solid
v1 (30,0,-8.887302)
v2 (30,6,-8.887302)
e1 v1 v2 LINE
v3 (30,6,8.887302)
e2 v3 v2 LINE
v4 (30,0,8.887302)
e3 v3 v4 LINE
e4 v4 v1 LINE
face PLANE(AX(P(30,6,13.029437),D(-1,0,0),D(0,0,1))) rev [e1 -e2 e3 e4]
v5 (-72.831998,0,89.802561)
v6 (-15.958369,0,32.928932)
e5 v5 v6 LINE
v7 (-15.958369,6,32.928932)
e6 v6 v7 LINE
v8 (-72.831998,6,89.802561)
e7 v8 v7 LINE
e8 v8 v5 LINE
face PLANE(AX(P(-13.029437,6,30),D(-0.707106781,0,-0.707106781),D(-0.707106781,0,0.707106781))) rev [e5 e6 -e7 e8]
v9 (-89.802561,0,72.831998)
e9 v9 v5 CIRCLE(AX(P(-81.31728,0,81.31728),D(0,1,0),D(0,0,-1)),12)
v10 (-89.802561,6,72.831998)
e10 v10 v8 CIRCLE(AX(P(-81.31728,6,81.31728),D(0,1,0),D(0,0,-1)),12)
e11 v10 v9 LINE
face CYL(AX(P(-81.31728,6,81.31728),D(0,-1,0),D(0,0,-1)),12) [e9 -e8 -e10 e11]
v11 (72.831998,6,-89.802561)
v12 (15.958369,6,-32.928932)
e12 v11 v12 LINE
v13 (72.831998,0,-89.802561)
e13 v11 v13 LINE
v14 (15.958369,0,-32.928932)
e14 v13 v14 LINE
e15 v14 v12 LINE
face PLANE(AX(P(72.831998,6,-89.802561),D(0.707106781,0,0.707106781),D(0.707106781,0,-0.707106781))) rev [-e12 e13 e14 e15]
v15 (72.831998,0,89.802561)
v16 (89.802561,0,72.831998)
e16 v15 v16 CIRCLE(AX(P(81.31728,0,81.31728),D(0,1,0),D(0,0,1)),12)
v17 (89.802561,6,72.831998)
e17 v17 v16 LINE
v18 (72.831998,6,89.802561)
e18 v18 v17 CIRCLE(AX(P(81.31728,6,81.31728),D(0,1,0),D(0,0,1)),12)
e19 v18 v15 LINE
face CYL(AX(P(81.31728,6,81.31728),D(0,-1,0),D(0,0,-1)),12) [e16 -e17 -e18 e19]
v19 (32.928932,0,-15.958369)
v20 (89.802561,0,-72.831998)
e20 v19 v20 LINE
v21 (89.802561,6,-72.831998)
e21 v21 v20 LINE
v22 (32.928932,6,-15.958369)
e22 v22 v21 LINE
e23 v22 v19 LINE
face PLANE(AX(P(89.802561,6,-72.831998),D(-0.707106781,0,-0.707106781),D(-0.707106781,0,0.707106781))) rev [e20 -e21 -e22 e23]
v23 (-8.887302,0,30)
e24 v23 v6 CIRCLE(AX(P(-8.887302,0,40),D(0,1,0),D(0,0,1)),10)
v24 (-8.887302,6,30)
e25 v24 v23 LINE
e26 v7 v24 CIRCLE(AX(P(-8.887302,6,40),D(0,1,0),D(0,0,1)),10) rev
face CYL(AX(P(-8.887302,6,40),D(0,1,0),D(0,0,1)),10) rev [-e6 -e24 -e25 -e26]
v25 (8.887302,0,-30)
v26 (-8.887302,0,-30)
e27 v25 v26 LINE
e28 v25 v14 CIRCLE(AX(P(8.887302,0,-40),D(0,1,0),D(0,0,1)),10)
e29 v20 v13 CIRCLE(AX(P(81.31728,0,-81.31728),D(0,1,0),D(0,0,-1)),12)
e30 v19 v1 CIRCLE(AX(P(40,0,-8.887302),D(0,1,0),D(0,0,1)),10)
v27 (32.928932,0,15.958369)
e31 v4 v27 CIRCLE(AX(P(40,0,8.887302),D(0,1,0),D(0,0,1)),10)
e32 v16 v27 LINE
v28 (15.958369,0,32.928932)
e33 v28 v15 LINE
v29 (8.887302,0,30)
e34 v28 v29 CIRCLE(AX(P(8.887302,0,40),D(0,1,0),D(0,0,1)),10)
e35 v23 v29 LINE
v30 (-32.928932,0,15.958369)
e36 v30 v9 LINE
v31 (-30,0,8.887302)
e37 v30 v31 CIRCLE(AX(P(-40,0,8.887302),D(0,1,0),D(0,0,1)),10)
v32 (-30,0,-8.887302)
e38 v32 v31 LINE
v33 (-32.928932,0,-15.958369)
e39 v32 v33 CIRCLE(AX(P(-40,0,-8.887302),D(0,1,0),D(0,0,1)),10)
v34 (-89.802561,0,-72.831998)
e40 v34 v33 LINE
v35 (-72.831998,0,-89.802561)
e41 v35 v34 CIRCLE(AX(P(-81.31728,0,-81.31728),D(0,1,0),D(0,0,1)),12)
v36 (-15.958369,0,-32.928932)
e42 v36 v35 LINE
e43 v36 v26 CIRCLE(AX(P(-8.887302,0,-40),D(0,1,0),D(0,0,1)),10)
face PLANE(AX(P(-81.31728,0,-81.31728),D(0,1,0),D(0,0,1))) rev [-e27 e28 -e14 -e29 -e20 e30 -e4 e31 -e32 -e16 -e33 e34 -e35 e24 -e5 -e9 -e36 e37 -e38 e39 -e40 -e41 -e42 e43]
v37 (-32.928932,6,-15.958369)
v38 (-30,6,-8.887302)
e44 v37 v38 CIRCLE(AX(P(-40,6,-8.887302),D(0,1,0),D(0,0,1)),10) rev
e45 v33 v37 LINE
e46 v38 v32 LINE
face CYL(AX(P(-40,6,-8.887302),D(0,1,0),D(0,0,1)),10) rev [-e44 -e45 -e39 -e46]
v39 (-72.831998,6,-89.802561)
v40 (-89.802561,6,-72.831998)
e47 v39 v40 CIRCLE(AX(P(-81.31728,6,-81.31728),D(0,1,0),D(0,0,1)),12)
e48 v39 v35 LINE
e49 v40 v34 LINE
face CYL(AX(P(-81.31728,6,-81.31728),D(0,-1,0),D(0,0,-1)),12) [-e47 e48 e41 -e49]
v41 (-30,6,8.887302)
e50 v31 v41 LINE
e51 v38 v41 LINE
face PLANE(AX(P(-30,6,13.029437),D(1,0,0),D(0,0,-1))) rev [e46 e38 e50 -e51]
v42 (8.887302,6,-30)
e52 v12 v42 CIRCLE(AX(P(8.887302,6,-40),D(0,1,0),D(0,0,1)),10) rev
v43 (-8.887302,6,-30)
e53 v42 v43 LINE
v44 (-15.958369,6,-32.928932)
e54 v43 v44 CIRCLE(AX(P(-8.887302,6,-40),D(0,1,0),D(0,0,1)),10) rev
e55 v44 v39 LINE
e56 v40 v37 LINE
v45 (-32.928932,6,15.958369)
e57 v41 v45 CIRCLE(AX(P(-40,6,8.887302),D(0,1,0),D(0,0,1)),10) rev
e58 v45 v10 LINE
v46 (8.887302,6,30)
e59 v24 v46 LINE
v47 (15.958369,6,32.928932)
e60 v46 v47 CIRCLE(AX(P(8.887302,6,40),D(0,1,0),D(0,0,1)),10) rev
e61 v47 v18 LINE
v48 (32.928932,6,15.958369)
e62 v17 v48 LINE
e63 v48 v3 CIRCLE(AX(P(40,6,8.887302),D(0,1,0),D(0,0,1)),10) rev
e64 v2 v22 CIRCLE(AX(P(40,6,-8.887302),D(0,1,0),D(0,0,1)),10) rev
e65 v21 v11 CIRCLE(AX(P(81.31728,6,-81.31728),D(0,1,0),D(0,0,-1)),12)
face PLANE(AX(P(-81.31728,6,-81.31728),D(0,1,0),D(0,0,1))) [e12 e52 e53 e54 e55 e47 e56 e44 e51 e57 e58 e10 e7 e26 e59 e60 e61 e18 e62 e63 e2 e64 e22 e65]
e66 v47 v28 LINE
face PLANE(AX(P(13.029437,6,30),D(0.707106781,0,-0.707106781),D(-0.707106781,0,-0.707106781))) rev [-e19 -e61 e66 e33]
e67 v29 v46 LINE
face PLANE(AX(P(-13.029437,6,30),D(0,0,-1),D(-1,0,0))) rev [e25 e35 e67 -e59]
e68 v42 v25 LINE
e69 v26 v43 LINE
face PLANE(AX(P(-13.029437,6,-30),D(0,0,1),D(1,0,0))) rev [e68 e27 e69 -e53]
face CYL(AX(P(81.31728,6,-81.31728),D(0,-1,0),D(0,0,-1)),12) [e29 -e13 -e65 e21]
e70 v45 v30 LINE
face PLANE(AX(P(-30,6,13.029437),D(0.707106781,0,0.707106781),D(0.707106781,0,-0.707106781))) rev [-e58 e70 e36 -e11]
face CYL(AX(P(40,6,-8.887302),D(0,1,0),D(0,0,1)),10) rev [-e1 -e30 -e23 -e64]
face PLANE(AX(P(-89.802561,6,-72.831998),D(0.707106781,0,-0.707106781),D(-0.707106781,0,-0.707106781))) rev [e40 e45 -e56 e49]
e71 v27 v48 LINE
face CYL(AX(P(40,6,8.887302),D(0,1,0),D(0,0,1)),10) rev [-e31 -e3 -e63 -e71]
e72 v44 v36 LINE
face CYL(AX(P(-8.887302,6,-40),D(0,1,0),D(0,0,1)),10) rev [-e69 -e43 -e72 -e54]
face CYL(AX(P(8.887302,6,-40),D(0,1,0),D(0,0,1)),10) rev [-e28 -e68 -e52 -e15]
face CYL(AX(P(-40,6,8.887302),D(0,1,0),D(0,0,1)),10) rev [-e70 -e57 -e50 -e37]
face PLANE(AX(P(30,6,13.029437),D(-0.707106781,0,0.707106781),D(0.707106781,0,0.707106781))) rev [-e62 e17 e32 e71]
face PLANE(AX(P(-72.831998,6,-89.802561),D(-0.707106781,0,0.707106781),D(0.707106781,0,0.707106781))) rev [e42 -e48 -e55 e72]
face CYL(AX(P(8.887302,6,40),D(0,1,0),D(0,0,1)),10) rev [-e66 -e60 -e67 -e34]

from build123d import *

# Parameters (mm, degrees)
BOSS_EXTRUDE1_DEPTH = 6
FILLET1_R           = 10


with BuildPart() as part:
    # Sketch1 → Boss-Extrude1 (new body)
    with BuildSketch(Plane(origin=(0, 0, 0), x_dir=(1, 0, 0), z_dir=(0, 1, 0))):
        with BuildLine():
            Line((-72.831998462, 89.802561211), (-13.029437252, 30))
            Line((-13.029437252, 30), (13.029437252, 30))
            Line((13.029437252, 30), (72.831998462, 89.802561211))
            ThreePointArc((72.831998462, 89.802561211), (89.802561211, 89.802561211), (89.802561211, 72.831998462))
            Line((89.802561211, 72.831998462), (30, 13.029437252))
            Line((30, 13.029437252), (30, -13.029437252))
            Line((30, -13.029437252), (89.802561211, -72.831998462))
            ThreePointArc((89.802561211, -72.831998462), (89.802561211, -89.802561211), (72.831998462, -89.802561211))
            Line((72.831998462, -89.802561211), (13.029437252, -30))
            Line((13.029437252, -30), (-13.029437252, -30))
            Line((-13.029437252, -30), (-72.831998462, -89.802561211))
            ThreePointArc((-72.831998462, -89.802561211), (-89.802561211, -89.802561211), (-89.802561211, -72.831998462))
            Line((-89.802561211, -72.831998462), (-30, -13.029437252))
            Line((-30, -13.029437252), (-30, 13.029437252))
            Line((-30, 13.029437252), (-89.802561211, 72.831998462))
            ThreePointArc((-89.802561211, 72.831998462), (-89.802561211, 89.802561211), (-72.831998462, 89.802561211))
        make_face()
    extrude(amount=BOSS_EXTRUDE1_DEPTH)

    # Fillet1
    fillet1_edges = [part.edges().sort_by_distance(p)[0] for p in [
        (-13.029437252, 3, -30),
        (13.029437252, 3, -30),
        (30, 3, -13.029437252),
        (30, 3, 13.029437252),
        (13.029437252, 3, 30),
        (-13.029437252, 3, 30),
        (-30, 3, 13.029437252),
        (-30, 3, -13.029437252),
    ]]
    fillet(fillet1_edges, radius=FILLET1_R)


solid = part.part
